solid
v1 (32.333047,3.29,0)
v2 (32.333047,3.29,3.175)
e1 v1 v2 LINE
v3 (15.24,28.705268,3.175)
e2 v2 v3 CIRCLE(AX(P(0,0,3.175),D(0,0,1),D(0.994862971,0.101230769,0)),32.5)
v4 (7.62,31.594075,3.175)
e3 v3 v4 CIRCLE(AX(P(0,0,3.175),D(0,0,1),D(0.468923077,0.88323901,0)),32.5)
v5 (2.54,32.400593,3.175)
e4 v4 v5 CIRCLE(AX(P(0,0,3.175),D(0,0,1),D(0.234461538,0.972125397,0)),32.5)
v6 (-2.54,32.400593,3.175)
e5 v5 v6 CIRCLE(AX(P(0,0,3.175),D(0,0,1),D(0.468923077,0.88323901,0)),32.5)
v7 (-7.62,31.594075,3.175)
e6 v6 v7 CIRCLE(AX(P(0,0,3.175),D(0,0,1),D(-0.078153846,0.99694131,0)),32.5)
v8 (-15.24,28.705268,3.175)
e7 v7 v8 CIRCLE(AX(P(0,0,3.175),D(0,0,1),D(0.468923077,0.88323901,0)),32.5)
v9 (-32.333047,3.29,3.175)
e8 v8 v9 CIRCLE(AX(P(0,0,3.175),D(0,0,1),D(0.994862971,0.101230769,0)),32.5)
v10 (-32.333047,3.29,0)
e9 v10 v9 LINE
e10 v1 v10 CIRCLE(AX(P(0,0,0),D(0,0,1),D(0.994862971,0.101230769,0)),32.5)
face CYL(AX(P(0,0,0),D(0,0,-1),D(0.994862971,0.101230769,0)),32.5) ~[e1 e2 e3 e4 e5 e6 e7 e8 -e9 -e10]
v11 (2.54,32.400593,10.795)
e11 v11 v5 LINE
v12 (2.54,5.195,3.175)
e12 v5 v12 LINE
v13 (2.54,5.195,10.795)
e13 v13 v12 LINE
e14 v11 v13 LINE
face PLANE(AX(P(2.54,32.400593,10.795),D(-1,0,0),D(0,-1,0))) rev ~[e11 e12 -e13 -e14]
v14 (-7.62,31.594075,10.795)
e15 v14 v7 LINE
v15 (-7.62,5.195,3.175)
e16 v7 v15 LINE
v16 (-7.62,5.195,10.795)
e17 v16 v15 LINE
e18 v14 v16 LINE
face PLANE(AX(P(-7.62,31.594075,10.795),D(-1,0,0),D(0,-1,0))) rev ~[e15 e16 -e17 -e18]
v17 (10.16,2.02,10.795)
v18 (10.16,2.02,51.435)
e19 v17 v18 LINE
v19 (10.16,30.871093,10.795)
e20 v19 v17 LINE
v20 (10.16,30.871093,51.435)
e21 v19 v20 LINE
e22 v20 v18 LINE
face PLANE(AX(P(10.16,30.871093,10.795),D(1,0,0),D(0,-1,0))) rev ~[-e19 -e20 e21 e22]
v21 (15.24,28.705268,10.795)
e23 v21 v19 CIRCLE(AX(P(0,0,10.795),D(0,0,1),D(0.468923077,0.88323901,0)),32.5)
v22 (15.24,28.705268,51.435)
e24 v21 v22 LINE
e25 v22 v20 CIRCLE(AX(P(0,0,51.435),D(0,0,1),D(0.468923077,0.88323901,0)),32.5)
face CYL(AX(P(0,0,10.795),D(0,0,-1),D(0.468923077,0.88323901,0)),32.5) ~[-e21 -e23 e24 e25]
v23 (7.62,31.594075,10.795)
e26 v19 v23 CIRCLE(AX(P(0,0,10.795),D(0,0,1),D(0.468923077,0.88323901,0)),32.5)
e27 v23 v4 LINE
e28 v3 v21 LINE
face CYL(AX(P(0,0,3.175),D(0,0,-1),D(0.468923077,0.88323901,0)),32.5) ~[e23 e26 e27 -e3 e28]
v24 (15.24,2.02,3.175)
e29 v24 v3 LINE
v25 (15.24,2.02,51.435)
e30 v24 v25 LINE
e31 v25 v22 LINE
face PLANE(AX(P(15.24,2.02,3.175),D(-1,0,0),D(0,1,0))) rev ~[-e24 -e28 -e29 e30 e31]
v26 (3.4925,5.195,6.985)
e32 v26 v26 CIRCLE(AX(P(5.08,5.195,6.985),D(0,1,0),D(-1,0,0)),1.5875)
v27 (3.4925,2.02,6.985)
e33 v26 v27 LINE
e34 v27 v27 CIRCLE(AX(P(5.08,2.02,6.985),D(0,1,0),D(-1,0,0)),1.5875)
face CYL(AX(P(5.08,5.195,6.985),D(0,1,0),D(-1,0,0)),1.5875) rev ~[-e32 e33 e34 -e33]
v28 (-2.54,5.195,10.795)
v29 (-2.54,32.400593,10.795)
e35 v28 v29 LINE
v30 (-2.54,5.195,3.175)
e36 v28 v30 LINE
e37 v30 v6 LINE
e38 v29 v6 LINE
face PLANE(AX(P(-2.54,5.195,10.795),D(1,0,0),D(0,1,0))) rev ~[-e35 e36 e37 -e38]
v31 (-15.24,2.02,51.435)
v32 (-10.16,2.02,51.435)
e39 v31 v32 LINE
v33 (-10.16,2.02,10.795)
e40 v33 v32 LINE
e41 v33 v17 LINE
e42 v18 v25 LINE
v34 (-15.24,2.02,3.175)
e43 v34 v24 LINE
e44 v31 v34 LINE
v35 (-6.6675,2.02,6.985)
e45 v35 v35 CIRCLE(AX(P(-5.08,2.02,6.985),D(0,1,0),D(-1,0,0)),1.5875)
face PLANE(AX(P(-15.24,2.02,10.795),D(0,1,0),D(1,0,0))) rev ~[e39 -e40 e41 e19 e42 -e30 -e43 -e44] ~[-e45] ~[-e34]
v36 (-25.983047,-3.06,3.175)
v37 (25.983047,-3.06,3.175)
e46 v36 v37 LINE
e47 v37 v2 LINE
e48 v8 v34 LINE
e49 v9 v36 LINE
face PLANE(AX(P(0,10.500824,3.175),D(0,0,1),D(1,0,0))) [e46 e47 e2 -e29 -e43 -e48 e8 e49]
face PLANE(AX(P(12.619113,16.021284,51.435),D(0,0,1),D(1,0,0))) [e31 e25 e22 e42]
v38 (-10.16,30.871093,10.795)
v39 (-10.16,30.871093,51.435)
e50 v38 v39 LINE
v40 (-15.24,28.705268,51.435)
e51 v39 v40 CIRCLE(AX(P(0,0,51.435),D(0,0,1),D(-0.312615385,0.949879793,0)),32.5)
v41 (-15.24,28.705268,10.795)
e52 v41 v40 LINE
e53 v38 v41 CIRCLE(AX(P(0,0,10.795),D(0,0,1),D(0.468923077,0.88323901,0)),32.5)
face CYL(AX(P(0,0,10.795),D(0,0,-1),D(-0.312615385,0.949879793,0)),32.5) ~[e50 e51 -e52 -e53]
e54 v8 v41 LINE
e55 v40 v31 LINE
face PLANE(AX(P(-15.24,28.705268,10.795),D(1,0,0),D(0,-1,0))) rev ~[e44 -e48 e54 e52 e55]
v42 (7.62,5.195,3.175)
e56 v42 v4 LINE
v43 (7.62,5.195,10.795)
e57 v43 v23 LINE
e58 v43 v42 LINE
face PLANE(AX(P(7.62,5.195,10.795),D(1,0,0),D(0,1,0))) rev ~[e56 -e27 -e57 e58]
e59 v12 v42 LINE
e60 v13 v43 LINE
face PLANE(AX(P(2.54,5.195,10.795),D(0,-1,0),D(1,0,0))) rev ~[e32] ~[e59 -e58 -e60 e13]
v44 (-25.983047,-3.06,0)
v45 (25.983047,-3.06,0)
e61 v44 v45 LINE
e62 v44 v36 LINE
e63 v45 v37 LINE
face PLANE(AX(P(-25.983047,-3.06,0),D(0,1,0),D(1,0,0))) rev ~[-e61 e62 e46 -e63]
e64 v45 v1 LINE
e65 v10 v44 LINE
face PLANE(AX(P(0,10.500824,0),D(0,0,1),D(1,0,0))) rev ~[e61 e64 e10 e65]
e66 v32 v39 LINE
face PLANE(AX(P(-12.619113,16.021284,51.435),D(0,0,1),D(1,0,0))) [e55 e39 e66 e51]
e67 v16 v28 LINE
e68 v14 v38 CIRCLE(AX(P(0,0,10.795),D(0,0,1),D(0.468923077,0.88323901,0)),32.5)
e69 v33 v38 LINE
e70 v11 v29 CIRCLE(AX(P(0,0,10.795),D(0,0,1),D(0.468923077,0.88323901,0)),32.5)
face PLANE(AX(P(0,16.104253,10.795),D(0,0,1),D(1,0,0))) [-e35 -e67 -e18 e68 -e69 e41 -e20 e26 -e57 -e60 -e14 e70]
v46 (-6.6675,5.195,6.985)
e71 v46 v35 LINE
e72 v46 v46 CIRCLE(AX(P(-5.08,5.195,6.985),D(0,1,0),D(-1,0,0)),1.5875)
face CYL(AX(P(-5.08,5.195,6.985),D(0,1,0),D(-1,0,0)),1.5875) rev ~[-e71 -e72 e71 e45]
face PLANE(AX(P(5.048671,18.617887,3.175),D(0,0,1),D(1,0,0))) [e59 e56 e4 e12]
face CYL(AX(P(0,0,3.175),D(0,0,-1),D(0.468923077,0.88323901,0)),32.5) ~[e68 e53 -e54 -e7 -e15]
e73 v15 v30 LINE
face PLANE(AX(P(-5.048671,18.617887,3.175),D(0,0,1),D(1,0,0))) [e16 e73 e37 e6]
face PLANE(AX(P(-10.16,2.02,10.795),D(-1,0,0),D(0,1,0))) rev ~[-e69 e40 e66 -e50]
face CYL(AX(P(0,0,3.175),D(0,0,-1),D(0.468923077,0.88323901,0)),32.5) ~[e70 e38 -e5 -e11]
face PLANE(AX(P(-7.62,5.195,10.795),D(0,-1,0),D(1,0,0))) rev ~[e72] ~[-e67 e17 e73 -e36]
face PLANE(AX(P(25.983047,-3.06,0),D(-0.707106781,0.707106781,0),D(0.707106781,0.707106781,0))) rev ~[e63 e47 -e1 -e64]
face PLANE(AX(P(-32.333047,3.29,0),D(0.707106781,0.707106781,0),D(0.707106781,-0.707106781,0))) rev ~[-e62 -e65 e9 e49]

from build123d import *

# Parameters (mm, degrees)
F1_DEPTH  = 3.175
F3_DEPTH  = 7.62
F5_DEPTH  = 7.62
F7_DEPTH  = 40.64
F8_R      = 1.5875
F9_DEPTH  = 25.4
F10_DEPTH = 25.4


with BuildPart() as f1:
    # F0 (on Top) → F1 (new body)
    with BuildSketch(Plane.XY):
        with BuildLine():
            Line((25.9830465623, -3.06), (32.3330465623, 3.29))
            ThreePointArc((32.3330465623, 3.29), (0, 32.5), (-32.3330465623, 3.29))
            Line((-32.3330465623, 3.29), (-25.9830465623, -3.06))
            Line((-25.9830465623, -3.06), (0, -3.06))
            Line((0, -3.06), (25.9830465623, -3.06))
        make_face()
    extrude(amount=F1_DEPTH)

    # F2 (on face) → F3 (join)
    with BuildSketch(Plane.XY.offset(3.175)):
        with BuildLine():
            Line((15.24, 2.02), (15.24, 28.7052678092))
            ThreePointArc((15.24, 28.7052678092), (0, 32.5), (-15.24, 28.7052678092))
            Line((-15.24, 28.7052678092), (-15.24, 2.02))
            Line((-15.24, 2.02), (15.24, 2.02))
        make_face()
    extrude(amount=F3_DEPTH)

    # F4 (on face) → F5 (cut)
    with BuildSketch(Plane.XY.offset(10.795)):
        with BuildLine():
            ThreePointArc((7.62, 31.594075394), (5.0959805235, 32.0979903188), (2.54, 32.4005925872))
            Line((2.54, 32.4005925872), (2.54, 5.195))
            Line((2.54, 5.195), (7.62, 5.195))
            Line((7.62, 5.195), (7.62, 31.594075394))
        make_face()
        with BuildLine():
            Line((-2.54, 5.195), (-2.54, 32.4005925872))
            ThreePointArc((-2.54, 32.4005925872), (-5.0959805235, 32.0979903188), (-7.62, 31.594075394))
            Line((-7.62, 31.594075394), (-7.62, 5.195))
            Line((-7.62, 5.195), (-2.54, 5.195))
        make_face()
    extrude(amount=-F5_DEPTH, mode=Mode.SUBTRACT)

    # F6 (on face) → F7 (join)
    with BuildSketch(Plane.XY.offset(10.795)):
        with BuildLine():
            Line((-10.16, 2.02), (-10.16, 30.8710932751))
            ThreePointArc((-10.16, 30.8710932751), (-12.7460856731, 29.896275688), (-15.24, 28.7052678092))
            Line((-15.24, 28.7052678092), (-15.24, 2.02))
            Line((-15.24, 2.02), (-10.16, 2.02))
        make_face()
        with BuildLine():
            Line((10.16, 30.8710932751), (10.16, 2.02))
            Line((10.16, 2.02), (15.24, 2.02))
            Line((15.24, 2.02), (15.24, 28.7052678092))
            ThreePointArc((15.24, 28.7052678092), (12.7460856731, 29.896275688), (10.16, 30.8710932751))
        make_face()
    extrude(amount=F7_DEPTH)

    # F8 (on face) → F9 (cut)
    with BuildSketch(Plane(origin=(0, 5.195, 0), x_dir=(-1, 0, 0), z_dir=(0, 1, 0))):
        with Locations((-5.08, 6.985)):
            Circle(F8_R)
        with Locations((5.08, 6.985)):
            Circle(F8_R)
    extrude(amount=-F9_DEPTH, mode=Mode.SUBTRACT)

    # F8 (on face) → F10 (cut)
    with BuildSketch(Plane(origin=(0, 5.195, 0), x_dir=(-1, 0, 0), z_dir=(0, 1, 0))):
        with Locations((5.08, 6.985)):
            Circle(F8_R)
    extrude(amount=-F10_DEPTH, mode=Mode.SUBTRACT)


solid = f1.part
